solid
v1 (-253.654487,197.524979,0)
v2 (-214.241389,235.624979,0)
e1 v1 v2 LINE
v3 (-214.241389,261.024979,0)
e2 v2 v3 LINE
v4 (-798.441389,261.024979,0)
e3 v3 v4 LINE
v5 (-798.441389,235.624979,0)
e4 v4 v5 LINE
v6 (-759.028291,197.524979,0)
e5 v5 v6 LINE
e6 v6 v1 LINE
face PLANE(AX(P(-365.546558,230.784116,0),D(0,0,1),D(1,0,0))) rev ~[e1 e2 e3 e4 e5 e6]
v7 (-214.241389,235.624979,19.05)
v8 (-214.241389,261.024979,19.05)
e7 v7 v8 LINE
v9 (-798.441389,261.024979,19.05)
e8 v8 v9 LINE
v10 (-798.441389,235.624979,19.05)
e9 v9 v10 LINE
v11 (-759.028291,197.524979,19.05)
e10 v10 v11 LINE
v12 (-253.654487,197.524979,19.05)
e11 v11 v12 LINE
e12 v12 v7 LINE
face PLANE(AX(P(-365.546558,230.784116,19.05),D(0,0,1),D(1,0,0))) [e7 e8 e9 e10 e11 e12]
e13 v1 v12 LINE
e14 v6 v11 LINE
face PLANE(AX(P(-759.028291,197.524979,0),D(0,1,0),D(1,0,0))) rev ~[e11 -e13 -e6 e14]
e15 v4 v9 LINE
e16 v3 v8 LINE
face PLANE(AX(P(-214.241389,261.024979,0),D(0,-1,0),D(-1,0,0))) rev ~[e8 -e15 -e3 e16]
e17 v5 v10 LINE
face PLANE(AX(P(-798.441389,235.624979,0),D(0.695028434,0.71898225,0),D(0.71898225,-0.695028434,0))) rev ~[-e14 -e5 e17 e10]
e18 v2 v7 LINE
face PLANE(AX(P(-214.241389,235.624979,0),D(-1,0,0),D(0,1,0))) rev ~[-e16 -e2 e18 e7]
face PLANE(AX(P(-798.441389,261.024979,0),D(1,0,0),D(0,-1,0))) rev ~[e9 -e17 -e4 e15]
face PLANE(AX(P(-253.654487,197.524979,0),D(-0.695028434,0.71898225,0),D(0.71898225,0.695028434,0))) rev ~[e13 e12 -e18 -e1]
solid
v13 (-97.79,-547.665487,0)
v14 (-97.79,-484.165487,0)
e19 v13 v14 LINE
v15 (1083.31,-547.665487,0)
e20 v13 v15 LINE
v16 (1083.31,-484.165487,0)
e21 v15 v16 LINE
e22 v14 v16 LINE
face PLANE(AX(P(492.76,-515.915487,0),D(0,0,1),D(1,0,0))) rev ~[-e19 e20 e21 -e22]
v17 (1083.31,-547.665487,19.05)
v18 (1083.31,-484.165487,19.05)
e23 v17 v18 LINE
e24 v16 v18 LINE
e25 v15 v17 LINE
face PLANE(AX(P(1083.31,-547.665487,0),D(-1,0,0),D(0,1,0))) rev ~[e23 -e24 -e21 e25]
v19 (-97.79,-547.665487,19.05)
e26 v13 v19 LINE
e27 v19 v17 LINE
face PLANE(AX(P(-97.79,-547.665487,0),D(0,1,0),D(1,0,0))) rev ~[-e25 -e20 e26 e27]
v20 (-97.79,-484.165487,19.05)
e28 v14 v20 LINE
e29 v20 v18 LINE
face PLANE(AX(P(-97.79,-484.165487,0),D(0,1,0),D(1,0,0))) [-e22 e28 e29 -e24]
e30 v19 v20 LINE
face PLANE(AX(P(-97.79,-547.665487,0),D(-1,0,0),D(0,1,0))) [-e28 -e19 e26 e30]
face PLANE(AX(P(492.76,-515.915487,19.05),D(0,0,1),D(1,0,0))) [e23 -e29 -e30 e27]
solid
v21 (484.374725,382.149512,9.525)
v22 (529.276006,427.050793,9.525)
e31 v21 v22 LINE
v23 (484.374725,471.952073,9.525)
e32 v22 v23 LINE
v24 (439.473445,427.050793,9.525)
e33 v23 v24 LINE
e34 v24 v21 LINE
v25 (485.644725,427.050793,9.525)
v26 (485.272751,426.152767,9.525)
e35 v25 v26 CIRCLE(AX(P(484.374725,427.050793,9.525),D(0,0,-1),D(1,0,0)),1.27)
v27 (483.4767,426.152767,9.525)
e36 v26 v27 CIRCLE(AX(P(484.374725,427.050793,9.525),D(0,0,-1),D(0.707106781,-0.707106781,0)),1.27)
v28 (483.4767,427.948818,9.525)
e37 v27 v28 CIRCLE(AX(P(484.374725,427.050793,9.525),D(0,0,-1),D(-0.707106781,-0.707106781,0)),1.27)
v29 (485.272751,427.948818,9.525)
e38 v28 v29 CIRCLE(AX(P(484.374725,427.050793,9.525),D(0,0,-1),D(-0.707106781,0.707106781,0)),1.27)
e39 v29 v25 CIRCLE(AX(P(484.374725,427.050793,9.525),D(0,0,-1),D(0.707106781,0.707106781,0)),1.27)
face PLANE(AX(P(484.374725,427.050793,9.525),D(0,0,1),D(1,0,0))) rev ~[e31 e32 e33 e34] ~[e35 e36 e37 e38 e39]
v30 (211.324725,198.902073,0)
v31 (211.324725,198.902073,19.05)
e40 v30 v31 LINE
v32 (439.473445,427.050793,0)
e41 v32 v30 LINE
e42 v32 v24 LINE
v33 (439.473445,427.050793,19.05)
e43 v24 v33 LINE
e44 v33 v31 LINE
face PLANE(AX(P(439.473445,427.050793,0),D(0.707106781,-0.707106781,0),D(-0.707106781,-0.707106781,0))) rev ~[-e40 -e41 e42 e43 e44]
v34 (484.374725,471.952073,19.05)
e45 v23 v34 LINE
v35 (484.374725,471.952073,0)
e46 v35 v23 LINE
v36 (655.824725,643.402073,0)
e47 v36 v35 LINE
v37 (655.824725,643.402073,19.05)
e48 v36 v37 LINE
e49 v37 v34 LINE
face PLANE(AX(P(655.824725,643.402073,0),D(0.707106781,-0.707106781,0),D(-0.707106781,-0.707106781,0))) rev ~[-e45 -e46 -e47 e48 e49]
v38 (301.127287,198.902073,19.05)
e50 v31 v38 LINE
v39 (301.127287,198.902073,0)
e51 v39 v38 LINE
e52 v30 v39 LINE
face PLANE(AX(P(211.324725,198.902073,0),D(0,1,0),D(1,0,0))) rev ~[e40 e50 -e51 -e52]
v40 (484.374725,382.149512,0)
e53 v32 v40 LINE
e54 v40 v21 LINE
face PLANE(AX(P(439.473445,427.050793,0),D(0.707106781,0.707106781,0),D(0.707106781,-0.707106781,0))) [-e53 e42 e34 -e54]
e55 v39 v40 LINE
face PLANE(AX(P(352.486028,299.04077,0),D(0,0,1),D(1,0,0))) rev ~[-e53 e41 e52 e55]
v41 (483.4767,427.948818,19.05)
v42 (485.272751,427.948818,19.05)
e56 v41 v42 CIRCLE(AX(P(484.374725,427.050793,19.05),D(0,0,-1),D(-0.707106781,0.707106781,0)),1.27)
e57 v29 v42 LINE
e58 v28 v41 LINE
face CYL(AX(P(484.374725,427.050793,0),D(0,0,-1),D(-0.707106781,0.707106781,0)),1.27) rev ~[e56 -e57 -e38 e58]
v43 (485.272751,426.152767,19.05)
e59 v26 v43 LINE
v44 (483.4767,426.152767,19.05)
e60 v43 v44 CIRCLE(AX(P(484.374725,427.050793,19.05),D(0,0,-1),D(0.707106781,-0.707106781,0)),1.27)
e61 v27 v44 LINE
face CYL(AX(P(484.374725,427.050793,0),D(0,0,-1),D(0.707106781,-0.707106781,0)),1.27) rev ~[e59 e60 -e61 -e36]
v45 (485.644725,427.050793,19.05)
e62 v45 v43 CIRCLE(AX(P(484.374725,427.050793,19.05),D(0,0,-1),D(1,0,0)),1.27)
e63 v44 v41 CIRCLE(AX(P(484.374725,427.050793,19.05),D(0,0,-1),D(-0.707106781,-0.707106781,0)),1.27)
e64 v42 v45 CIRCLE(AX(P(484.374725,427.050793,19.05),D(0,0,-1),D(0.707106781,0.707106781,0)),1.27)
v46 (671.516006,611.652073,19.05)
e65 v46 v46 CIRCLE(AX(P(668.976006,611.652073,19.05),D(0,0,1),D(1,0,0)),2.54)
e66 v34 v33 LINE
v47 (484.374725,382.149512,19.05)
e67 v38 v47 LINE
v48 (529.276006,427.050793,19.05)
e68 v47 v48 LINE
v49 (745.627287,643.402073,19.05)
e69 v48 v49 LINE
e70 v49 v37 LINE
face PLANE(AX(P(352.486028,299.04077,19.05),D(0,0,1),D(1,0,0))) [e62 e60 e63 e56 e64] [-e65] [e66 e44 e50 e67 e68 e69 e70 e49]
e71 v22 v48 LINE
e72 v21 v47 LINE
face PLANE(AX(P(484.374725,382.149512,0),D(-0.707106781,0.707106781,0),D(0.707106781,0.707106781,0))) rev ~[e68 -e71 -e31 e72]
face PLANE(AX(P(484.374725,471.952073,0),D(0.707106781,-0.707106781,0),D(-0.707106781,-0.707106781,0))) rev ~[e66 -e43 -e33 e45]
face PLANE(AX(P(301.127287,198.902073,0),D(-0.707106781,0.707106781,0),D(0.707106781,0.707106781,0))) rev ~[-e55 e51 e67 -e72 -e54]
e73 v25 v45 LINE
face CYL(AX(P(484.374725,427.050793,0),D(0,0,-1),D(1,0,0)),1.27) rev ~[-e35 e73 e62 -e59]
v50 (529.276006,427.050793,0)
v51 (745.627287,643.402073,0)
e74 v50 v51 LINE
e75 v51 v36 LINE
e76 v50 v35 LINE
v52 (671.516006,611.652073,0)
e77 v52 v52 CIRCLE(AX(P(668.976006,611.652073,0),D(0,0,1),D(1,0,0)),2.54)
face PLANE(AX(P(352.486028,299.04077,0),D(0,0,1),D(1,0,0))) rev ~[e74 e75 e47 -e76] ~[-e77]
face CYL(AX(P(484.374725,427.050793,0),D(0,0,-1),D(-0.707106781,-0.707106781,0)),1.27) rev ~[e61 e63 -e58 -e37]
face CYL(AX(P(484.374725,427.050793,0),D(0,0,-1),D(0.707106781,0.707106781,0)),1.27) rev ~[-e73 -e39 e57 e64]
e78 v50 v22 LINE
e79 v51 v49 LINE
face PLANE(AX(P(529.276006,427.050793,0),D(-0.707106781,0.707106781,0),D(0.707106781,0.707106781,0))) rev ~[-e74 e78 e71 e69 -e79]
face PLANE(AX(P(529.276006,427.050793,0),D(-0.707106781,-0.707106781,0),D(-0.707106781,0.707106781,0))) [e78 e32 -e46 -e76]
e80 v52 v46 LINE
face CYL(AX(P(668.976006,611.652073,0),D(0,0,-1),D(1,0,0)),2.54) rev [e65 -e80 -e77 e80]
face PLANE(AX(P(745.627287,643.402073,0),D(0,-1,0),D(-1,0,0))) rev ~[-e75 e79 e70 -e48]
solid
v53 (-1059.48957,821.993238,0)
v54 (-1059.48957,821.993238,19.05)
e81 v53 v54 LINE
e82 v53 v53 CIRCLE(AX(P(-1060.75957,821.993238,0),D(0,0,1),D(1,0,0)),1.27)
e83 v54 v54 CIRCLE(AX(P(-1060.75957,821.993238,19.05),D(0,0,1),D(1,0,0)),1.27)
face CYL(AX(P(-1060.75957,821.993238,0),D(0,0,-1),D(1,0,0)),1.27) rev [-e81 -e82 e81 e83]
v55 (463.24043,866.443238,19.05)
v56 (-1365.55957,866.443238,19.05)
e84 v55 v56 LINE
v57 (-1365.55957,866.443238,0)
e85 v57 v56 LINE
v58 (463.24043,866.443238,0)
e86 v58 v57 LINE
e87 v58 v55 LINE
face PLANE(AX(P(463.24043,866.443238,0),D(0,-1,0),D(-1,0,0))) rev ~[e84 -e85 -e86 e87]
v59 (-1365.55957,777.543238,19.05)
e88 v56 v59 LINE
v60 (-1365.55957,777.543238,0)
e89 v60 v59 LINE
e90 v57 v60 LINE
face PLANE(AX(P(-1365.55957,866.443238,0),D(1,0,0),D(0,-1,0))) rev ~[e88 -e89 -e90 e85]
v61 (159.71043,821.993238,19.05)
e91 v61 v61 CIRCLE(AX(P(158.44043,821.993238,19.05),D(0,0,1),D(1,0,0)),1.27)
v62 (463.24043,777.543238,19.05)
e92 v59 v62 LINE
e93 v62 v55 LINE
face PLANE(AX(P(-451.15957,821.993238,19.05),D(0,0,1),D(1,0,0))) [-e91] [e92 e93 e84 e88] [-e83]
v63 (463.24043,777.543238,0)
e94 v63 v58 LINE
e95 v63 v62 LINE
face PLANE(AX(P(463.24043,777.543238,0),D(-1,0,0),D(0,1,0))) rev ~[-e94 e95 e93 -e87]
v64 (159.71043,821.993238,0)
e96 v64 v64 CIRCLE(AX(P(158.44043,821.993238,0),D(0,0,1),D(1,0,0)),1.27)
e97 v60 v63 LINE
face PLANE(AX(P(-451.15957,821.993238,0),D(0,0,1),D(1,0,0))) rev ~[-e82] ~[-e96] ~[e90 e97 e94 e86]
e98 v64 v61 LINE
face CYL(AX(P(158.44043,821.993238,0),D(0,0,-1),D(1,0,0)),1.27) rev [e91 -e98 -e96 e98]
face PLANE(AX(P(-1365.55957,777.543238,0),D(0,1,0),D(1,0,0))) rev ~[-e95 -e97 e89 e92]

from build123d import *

# Parameters (mm, degrees)
F0_R     = 1.27
F4_DEPTH = 19.05
F5_DEPTH = 19.05
F3_W     = 1181.1
F3_H     = 63.5
F6_DEPTH = 19.05
F2_R     = 2.54
F7_DEPTH = 19.05
F8_DEPTH = 9.525


with BuildPart() as f4:
    # F0 (on Top) → F4 (new body)
    with BuildSketch(Plane.XY):
        Polygon((463.2404299736, 866.4432381392), (-1365.5595700264, 866.4432381392), (-1365.5595700264, 777.5432381392), (463.2404299736, 777.5432381392), (463.2404299736, 821.9932381392), align=None)
        with Locations((-1060.7595700264, 821.9932381392)):
            Circle(F0_R, mode=Mode.SUBTRACT)
        with Locations((158.4404299736, 821.9932381392)):
            Circle(F0_R, mode=Mode.SUBTRACT)
    extrude(amount=F4_DEPTH)


with BuildPart() as f5:
    # F1 (on Top) → F5 (new body)
    with BuildSketch(Plane.XY):
        Polygon((-214.2413890027, 261.0249788087), (-506.3413890027, 261.0249788087), (-506.3413890027, 197.5249788087), (-253.6544868998, 197.5249788087), (-214.2413890027, 235.6249788087), align=None)
        Polygon((-506.3413890027, 261.0249788087), (-798.4413890027, 261.0249788087), (-798.4413890027, 235.6249788087), (-759.0282911055, 197.5249788087), (-506.3413890027, 197.5249788087), align=None)
    extrude(amount=F5_DEPTH)


with BuildPart() as f6:
    # F3 (on Top) → F6 (new body)
    with BuildSketch(Plane.XY):
        with Locations((492.76, -515.9154869616)):
            Rectangle(F3_W, F3_H)
    extrude(amount=F6_DEPTH)


with BuildPart() as f7:
    # F2 (on Top) → F7 (new body)
    with BuildSketch(Plane.XY):
        Polygon((484.3747253485, 382.1495120954), (439.4734447431, 427.0507927008), (211.3247253485, 198.9020733061), (301.1272865592, 198.9020733061), align=None)
        Polygon((529.2760059538, 427.0507927008), (484.3747253485, 471.9520733061), (439.4734447431, 427.0507927008), (484.3747253485, 382.1495120954), align=None)
        with BuildLine():
            ThreePointArc((485.2727509606, 427.9488183129), (485.5480523548, 427.5368006599), (485.6447253485, 427.0507927008))
            ThreePointArc((485.6447253485, 427.0507927008), (485.5480523548, 426.5647847417), (485.2727509606, 426.1527670887))
            ThreePointArc((485.2727509606, 426.1527670887), (484.3747253485, 425.7807927008), (483.4766997364, 426.1527670887))
            ThreePointArc((483.4766997364, 426.1527670887), (483.1047253485, 427.0507927008), (483.4766997364, 427.9488183129))
            ThreePointArc((483.4766997364, 427.9488183129), (484.3747253485, 428.3207927008), (485.2727509606, 427.9488183129))
        make_face(mode=Mode.SUBTRACT)
        Polygon((745.6272865592, 643.4020733061), (655.8247253485, 643.4020733061), (484.3747253485, 471.9520733061), (529.2760059538, 427.0507927008), align=None)
        with Locations((668.9760059538, 611.6520733061)):
            Circle(F2_R, mode=Mode.SUBTRACT)
    extrude(amount=F7_DEPTH)

    # F2 (on Top) → F8 (cut)
    with BuildSketch(Plane.XY):
        Polygon((529.2760059538, 427.0507927008), (484.3747253485, 471.9520733061), (439.4734447431, 427.0507927008), (484.3747253485, 382.1495120954), align=None)
        with BuildLine():
            ThreePointArc((485.2727509606, 427.9488183129), (485.5480523548, 427.5368006599), (485.6447253485, 427.0507927008))
            ThreePointArc((485.6447253485, 427.0507927008), (485.5480523548, 426.5647847417), (485.2727509606, 426.1527670887))
            ThreePointArc((485.2727509606, 426.1527670887), (484.3747253485, 425.7807927008), (483.4766997364, 426.1527670887))
            ThreePointArc((483.4766997364, 426.1527670887), (483.1047253485, 427.0507927008), (483.4766997364, 427.9488183129))
            ThreePointArc((483.4766997364, 427.9488183129), (484.3747253485, 428.3207927008), (485.2727509606, 427.9488183129))
        make_face(mode=Mode.SUBTRACT)
    extrude(amount=F8_DEPTH, mode=Mode.SUBTRACT)


solid = Compound([f4.part, f5.part, f6.part, f7.part])
